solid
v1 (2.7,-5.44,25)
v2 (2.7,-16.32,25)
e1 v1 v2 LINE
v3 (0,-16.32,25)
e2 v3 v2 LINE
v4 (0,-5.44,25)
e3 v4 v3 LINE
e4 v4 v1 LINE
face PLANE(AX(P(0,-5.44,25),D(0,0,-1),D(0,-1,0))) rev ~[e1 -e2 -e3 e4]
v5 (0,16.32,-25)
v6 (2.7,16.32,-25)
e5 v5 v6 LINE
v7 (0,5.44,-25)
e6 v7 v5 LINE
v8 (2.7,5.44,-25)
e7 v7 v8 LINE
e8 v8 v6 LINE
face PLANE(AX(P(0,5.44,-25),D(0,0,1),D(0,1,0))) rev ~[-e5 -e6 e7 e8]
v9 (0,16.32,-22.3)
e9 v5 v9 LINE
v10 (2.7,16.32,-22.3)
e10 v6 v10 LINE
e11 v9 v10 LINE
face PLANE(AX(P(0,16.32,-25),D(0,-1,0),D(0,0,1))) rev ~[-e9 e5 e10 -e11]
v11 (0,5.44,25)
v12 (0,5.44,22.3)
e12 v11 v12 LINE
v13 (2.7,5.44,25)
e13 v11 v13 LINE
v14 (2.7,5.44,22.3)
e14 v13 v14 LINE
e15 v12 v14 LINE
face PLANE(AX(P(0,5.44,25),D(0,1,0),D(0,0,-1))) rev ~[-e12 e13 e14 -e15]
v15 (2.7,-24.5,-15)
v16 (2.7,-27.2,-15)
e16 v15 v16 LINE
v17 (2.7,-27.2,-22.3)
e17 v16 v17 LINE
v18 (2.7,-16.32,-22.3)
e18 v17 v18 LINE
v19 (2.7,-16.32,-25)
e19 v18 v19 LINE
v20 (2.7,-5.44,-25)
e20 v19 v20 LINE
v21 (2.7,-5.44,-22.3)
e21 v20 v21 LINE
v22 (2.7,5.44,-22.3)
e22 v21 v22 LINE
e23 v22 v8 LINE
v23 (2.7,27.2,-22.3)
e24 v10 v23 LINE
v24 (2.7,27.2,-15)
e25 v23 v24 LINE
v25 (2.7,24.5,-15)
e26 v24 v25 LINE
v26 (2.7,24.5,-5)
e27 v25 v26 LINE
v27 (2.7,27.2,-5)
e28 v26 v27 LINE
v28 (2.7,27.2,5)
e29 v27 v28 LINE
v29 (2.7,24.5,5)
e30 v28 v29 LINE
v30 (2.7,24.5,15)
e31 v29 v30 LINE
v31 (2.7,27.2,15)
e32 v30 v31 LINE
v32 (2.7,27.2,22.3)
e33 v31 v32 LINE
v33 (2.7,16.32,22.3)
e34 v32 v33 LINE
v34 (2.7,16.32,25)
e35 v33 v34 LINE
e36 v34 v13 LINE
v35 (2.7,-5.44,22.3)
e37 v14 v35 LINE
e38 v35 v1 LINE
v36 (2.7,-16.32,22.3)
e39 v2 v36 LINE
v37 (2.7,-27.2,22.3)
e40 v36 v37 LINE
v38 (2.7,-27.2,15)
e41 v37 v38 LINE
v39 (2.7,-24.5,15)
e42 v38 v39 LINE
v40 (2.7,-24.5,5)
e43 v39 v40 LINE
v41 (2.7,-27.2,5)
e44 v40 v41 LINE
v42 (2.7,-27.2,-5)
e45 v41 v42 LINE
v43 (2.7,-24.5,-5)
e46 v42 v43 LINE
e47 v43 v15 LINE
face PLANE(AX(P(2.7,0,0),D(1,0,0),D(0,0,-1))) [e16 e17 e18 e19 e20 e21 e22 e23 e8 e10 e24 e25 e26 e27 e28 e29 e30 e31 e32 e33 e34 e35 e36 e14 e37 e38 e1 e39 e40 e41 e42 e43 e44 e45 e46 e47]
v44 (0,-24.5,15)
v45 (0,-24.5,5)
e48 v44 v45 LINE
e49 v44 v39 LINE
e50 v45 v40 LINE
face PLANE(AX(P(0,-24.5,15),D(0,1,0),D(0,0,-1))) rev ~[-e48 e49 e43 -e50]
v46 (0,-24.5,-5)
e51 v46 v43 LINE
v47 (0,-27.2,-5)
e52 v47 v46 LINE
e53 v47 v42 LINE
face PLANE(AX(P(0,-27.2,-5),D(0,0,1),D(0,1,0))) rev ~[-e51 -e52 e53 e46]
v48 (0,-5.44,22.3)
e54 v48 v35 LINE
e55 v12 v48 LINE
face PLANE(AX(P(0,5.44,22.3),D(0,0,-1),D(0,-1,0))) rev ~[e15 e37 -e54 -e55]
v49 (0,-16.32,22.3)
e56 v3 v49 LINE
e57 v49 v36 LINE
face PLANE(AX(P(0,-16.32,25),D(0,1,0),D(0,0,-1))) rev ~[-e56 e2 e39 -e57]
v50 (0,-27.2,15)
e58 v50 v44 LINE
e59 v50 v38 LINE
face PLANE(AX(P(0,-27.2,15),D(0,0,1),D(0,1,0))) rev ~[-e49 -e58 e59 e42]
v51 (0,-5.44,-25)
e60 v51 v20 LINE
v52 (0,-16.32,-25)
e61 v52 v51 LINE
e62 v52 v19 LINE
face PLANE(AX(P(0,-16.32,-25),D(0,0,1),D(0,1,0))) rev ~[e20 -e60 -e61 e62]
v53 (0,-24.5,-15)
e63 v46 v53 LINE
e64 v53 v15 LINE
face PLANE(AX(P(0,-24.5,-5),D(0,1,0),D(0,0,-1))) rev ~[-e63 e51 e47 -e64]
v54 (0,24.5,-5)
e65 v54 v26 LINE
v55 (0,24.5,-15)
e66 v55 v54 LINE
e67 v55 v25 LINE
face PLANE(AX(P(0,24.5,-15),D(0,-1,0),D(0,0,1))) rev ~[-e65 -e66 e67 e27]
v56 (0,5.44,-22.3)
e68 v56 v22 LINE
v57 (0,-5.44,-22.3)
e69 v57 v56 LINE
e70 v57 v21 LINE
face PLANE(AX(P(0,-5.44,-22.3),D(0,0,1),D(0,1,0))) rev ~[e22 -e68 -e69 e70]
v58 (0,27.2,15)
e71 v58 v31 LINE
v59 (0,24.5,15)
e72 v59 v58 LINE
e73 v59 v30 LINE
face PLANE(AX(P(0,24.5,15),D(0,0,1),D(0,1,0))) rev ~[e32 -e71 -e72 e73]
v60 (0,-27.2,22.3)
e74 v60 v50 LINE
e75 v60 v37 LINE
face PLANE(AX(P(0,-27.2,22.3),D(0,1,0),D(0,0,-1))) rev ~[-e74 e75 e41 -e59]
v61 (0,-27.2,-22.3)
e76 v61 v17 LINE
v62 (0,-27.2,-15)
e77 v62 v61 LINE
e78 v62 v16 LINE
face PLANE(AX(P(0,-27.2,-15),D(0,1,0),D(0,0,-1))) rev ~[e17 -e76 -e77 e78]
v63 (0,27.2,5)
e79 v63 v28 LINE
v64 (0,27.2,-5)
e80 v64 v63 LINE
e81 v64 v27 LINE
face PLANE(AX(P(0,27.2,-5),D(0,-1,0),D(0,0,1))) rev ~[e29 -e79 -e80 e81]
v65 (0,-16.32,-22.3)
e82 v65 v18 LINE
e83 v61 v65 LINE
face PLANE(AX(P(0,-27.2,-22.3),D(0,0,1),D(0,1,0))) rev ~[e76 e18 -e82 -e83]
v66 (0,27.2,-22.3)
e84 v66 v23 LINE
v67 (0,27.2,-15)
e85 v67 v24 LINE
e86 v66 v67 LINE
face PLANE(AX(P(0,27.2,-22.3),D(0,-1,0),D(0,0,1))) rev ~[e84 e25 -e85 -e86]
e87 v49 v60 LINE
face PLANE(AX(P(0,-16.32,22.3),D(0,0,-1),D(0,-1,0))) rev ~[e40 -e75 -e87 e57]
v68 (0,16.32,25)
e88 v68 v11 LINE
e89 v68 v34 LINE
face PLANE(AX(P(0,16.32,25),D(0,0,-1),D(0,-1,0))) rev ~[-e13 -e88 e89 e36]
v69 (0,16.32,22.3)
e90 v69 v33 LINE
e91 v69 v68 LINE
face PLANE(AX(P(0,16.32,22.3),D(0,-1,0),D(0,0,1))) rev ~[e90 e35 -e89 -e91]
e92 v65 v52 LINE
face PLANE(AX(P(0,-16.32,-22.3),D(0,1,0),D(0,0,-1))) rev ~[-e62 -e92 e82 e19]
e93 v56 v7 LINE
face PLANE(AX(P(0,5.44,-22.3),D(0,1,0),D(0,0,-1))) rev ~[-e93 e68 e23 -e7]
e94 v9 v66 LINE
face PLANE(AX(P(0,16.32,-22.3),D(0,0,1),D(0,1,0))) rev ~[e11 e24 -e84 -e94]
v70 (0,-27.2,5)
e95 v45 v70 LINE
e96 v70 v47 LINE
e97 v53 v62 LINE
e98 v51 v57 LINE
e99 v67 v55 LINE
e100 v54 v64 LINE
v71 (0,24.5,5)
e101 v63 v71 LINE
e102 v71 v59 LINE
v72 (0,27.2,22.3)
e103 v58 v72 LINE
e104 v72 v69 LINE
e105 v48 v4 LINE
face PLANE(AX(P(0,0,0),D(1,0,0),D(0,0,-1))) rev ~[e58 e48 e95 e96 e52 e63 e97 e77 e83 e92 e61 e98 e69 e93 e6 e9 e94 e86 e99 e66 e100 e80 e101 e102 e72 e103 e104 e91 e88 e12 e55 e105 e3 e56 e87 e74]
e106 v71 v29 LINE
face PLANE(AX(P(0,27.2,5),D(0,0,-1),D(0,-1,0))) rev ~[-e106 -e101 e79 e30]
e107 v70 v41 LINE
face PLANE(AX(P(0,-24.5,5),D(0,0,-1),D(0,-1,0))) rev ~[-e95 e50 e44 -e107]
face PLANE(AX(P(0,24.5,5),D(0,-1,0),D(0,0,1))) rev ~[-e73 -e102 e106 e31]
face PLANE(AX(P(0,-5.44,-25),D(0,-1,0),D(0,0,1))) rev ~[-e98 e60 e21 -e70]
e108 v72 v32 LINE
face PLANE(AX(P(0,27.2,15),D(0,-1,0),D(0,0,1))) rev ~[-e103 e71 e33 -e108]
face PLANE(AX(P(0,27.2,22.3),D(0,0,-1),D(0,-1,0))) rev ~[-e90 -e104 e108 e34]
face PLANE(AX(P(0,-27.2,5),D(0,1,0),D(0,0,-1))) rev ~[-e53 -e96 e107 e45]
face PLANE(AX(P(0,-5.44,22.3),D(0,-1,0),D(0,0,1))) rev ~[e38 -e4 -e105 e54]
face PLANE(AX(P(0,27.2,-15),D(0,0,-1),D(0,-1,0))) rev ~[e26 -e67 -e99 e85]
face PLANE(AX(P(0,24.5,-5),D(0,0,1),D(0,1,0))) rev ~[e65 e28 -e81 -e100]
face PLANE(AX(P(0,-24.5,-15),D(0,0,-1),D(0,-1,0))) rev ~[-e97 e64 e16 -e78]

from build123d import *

# Parameters (mm, degrees)
BOSS_EXTRUDE1_DEPTH = 2.7


with BuildPart() as part:
    # Sketch1 → Boss-Extrude1 (new body)
    with BuildSketch(Plane(origin=(0, 0, 0), x_dir=(0, 0, -1), z_dir=(1, 0, 0))):
        Polygon((25, 5.44), (25, 16.32), (22.3, 16.32), (22.3, 27.2), (15, 27.2), (15, 24.5), (5, 24.5), (5, 27.2), (-5, 27.2), (-5, 24.5), (-15, 24.5), (-15, 27.2), (-22.3, 27.2), (-22.3, 16.32), (-25, 16.32), (-25, 5.44), (-22.3, 5.44), (-22.3, -5.44), (-25, -5.44), (-25, -16.32), (-22.3, -16.32), (-22.3, -27.2), (-15, -27.2), (-15, -24.5), (-5, -24.5), (-5, -27.2), (5, -27.2), (5, -24.5), (15, -24.5), (15, -27.2), (22.3, -27.2), (22.3, -16.32), (25, -16.32), (25, -5.44), (22.3, -5.44), (22.3, 5.44), align=None)
    extrude(amount=BOSS_EXTRUDE1_DEPTH)


solid = part.part
